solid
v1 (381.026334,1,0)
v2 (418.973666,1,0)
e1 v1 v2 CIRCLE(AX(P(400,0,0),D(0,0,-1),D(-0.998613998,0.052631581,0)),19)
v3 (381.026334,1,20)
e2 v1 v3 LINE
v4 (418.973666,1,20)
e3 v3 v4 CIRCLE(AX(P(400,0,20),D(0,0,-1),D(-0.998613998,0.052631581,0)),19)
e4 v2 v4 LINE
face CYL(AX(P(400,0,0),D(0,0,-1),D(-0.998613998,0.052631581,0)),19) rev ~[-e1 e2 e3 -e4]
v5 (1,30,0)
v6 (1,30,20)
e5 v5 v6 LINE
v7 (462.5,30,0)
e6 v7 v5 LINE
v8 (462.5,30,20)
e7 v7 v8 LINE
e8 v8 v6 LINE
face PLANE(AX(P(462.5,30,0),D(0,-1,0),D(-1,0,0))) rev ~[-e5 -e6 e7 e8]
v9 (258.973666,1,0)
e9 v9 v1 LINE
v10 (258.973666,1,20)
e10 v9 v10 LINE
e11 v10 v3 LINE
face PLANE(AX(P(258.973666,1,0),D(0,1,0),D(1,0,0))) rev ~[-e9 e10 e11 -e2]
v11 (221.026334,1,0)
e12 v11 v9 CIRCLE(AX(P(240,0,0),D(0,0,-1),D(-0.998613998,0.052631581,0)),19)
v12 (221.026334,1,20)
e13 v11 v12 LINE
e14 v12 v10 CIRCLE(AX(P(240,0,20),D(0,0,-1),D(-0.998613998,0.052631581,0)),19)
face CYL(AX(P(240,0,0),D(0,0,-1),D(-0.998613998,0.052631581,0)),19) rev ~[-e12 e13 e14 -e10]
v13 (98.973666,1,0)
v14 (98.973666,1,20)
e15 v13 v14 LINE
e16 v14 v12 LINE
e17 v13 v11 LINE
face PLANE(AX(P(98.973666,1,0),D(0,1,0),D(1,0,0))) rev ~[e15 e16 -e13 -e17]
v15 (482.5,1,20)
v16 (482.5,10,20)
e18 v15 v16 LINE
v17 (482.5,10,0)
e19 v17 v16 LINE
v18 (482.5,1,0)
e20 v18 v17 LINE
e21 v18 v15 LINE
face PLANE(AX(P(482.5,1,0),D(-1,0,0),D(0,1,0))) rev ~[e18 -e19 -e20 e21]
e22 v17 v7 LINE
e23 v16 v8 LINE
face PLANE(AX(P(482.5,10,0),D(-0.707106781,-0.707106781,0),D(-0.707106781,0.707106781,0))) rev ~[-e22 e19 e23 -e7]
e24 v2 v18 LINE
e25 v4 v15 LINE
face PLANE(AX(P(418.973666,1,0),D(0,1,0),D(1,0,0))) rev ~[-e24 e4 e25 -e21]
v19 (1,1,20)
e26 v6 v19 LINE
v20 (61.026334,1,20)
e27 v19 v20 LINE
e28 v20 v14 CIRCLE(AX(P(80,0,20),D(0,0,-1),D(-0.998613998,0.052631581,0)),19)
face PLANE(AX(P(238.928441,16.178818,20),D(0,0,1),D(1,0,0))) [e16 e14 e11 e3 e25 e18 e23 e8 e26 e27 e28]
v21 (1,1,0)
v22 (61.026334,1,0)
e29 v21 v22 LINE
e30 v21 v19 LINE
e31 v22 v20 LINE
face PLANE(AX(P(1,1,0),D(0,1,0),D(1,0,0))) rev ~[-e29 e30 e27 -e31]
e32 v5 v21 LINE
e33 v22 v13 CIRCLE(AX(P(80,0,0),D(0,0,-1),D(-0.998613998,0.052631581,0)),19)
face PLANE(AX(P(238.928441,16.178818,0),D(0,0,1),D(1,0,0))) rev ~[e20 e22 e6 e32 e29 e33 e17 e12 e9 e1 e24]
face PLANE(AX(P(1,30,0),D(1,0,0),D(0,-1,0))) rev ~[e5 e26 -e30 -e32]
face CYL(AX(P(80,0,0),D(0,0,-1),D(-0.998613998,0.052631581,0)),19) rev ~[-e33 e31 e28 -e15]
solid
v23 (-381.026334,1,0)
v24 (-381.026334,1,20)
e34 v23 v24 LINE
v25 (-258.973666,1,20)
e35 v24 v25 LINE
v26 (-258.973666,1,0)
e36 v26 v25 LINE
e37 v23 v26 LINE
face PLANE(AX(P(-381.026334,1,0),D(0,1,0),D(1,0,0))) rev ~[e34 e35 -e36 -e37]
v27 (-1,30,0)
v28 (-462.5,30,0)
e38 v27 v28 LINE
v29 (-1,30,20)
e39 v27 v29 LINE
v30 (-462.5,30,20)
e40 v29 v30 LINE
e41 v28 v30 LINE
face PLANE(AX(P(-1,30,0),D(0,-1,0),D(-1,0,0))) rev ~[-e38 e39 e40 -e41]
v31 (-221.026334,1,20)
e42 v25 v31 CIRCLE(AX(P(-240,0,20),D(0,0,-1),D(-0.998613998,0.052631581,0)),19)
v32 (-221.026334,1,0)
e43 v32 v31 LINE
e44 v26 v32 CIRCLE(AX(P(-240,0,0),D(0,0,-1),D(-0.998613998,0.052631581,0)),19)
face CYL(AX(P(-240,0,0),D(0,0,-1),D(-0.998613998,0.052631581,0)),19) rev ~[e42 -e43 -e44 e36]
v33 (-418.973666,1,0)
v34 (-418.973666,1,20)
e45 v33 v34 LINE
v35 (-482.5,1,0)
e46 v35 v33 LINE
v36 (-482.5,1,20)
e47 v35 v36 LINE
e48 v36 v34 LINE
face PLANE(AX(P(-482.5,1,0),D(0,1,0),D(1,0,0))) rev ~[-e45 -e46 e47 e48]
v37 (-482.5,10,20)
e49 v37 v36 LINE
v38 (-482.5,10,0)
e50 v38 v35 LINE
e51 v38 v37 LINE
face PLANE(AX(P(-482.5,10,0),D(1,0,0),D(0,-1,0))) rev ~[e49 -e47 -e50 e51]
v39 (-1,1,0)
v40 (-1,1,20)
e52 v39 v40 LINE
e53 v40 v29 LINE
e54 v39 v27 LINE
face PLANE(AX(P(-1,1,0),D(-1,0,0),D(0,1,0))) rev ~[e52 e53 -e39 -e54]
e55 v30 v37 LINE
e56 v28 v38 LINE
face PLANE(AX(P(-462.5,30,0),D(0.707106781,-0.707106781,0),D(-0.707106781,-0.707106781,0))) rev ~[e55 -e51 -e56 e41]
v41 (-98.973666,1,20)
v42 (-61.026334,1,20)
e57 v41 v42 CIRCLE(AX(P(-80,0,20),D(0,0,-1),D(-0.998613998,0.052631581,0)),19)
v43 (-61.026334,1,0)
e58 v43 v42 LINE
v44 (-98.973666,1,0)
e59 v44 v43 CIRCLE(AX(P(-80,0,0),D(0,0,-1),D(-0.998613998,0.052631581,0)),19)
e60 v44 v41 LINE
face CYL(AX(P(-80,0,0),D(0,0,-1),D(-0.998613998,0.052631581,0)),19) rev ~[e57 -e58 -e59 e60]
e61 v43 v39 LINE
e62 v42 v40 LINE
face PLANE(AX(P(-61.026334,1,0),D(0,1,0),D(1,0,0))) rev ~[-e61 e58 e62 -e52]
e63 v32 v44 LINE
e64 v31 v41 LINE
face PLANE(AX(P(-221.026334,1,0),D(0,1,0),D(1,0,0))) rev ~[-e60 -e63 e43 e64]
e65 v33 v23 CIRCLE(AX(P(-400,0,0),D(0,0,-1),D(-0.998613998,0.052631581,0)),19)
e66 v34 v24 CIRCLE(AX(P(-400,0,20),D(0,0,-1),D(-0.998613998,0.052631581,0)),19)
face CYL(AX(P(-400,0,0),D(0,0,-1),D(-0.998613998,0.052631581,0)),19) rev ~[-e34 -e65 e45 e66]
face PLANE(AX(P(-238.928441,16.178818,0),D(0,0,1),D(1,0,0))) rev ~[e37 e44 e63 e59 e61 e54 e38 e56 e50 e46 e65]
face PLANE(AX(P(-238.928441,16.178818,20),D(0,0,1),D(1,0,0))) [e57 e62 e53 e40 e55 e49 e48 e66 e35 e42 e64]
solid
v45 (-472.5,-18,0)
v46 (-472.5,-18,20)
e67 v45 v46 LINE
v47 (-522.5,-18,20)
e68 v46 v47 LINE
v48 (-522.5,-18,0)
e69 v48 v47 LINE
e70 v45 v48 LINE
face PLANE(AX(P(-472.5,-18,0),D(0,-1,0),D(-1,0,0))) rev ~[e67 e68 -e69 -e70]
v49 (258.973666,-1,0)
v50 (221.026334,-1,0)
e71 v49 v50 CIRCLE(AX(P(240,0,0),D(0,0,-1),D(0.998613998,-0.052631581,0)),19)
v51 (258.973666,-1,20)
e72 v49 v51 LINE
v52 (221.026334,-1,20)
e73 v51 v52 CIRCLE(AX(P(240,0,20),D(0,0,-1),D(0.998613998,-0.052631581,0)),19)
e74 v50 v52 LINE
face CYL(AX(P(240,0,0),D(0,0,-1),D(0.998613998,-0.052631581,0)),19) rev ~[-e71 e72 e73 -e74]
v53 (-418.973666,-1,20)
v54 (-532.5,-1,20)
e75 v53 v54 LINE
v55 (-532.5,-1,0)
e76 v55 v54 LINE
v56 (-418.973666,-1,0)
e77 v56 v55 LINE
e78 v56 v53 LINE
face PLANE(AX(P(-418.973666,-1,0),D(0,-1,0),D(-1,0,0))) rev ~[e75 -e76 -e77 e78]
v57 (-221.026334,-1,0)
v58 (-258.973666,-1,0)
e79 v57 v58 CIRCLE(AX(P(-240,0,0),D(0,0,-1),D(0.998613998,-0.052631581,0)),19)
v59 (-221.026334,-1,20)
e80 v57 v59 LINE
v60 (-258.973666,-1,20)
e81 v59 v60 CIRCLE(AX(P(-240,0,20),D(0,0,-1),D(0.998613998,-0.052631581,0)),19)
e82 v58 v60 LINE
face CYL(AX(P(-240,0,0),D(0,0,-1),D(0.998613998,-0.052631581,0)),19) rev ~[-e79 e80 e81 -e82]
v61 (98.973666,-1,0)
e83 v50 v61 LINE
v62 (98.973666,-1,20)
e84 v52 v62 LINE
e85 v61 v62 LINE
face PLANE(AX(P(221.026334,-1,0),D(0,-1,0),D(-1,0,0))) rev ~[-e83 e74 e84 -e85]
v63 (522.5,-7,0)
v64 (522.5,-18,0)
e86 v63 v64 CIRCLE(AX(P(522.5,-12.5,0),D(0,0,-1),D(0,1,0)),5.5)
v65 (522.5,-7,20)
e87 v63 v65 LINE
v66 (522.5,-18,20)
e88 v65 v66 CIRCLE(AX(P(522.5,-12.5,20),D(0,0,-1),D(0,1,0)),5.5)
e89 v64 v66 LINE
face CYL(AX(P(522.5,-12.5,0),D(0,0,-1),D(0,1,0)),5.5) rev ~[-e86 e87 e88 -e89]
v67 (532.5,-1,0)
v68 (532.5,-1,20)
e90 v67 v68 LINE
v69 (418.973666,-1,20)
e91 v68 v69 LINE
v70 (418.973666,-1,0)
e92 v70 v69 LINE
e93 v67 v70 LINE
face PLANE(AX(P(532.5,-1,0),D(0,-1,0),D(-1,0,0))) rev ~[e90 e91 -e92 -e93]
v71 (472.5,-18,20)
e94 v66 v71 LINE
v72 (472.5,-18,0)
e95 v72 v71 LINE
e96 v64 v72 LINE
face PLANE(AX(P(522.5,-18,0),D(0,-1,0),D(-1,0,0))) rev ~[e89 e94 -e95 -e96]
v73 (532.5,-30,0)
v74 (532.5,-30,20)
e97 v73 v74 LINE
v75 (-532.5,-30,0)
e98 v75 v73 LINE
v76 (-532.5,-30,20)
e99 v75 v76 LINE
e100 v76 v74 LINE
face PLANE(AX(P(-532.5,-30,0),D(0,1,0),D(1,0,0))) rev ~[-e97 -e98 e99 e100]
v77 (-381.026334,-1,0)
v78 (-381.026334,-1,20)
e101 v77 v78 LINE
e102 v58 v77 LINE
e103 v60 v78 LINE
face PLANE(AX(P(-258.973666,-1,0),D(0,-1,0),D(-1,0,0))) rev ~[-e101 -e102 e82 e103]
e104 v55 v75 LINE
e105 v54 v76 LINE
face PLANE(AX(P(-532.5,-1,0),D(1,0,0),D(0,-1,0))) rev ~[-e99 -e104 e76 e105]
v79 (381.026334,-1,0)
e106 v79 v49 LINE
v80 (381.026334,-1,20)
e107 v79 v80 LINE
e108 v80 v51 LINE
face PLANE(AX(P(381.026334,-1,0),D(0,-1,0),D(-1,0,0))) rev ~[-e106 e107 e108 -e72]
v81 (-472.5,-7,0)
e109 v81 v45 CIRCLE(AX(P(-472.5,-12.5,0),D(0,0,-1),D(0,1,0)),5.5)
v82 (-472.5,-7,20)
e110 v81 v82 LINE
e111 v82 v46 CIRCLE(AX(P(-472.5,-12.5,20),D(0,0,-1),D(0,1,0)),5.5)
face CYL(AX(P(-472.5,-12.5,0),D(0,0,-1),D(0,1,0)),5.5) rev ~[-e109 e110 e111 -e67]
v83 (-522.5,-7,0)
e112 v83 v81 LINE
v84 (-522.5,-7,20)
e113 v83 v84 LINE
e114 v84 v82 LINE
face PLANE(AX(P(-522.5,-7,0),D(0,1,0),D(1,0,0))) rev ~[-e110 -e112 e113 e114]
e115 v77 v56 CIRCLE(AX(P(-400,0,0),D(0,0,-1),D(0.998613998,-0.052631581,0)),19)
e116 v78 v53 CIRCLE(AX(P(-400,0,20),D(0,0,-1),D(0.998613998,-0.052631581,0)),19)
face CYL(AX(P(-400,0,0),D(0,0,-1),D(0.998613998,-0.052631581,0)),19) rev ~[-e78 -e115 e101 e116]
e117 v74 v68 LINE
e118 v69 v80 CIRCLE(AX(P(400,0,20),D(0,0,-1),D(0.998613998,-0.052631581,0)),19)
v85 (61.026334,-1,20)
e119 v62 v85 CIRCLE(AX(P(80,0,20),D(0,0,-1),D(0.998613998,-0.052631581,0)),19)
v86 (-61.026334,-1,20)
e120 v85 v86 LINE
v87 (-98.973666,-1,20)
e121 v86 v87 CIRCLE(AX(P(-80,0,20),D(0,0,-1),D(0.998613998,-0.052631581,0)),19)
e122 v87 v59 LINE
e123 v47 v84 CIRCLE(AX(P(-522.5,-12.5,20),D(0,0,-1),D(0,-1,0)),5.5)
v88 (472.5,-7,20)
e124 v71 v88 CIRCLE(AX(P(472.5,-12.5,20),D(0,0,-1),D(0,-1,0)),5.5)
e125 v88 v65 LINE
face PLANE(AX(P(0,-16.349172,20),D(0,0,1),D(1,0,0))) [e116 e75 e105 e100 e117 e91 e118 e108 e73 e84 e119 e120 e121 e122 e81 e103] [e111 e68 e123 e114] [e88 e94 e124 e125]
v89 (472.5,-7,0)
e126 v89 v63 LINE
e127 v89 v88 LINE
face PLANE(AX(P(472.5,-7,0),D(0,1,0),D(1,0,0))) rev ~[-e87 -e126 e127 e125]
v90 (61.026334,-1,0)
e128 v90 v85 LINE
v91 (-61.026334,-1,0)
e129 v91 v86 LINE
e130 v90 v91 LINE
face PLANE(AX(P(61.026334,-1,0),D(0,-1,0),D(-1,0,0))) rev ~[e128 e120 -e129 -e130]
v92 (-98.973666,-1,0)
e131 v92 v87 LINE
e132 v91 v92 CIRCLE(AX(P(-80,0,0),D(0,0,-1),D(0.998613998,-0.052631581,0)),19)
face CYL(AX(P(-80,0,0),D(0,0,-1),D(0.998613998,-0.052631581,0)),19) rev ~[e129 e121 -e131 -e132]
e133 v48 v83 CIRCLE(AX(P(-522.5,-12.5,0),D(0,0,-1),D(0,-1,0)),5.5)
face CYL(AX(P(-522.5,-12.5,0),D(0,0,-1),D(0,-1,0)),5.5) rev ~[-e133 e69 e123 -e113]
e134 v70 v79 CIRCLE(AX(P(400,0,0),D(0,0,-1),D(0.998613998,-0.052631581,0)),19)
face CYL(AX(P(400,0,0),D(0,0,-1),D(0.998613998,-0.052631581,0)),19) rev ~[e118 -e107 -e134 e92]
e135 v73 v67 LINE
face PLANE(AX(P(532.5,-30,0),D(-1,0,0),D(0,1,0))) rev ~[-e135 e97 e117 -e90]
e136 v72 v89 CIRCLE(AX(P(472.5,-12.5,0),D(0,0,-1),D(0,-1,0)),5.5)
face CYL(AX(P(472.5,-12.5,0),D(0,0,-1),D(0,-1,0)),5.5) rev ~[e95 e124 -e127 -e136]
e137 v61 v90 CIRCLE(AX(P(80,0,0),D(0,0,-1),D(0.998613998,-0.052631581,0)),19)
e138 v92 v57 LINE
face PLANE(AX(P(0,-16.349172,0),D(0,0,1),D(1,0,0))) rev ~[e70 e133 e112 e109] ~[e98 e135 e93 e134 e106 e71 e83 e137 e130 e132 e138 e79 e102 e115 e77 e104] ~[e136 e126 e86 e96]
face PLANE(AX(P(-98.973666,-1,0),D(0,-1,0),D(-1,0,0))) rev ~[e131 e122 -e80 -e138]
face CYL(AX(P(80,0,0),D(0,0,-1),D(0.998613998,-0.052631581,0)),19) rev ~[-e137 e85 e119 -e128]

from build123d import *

# Parameters (mm, degrees)
F1_DEPTH = 20


with BuildPart() as f1:
    # F0 (on Top) → F1 (new body)
    with BuildSketch(Plane.XY):
        with BuildLine():
            Line((482.5, 10), (462.5, 30))
            Line((462.5, 30), (1, 30))
            Line((1, 30), (1, 1))
            Line((1, 1), (61.026334, 1))
            ThreePointArc((61.026334, 1), (80, 19), (98.973666, 1))
            Line((98.973666, 1), (221.026334, 1))
            ThreePointArc((221.026334, 1), (240, 19), (258.973666, 1))
            Line((258.973666, 1), (381.026334, 1))
            ThreePointArc((381.026334, 1), (400, 19), (418.973666, 1))
            Line((418.973666, 1), (482.5, 1))
            Line((482.5, 1), (482.5, 10))
        make_face()
        with BuildLine():
            Line((-532.5, -30), (532.5, -30))
            Line((532.5, -30), (532.5, -1))
            Line((532.5, -1), (418.973666, -1))
            ThreePointArc((418.973666, -1), (400, -19), (381.026334, -1))
            Line((381.026334, -1), (258.973666, -1))
            ThreePointArc((258.973666, -1), (240, -19), (221.026334, -1))
            Line((221.026334, -1), (98.973666, -1))
            ThreePointArc((98.973666, -1), (80, -19), (61.026334, -1))
            Line((61.026334, -1), (-61.026334, -1))
            ThreePointArc((-61.026334, -1), (-80, -19), (-98.973666, -1))
            Line((-98.973666, -1), (-221.026334, -1))
            ThreePointArc((-221.026334, -1), (-240, -19), (-258.973666, -1))
            Line((-258.973666, -1), (-381.026334, -1))
            ThreePointArc((-381.026334, -1), (-400, -19), (-418.973666, -1))
            Line((-418.973666, -1), (-532.5, -1))
            Line((-532.5, -1), (-532.5, -30))
        make_face()
        with BuildLine():
            ThreePointArc((-522.5, -18), (-528, -12.5), (-522.5, -7))
            Line((-522.5, -7), (-472.5, -7))
            ThreePointArc((-472.5, -7), (-467, -12.5), (-472.5, -18))
            Line((-472.5, -18), (-522.5, -18))
        make_face(mode=Mode.SUBTRACT)
        with BuildLine():
            ThreePointArc((522.5, -7), (528, -12.5), (522.5, -18))
            Line((522.5, -18), (472.5, -18))
            ThreePointArc((472.5, -18), (467, -12.5), (472.5, -7))
            Line((472.5, -7), (522.5, -7))
        make_face(mode=Mode.SUBTRACT)
        with BuildLine():
            Line((-61.026334, 1), (-1, 1))
            Line((-1, 1), (-1, 30))
            Line((-1, 30), (-462.5, 30))
            Line((-462.5, 30), (-482.5, 10))
            Line((-482.5, 10), (-482.5, 1))
            Line((-482.5, 1), (-418.973666, 1))
            ThreePointArc((-418.973666, 1), (-400, 19), (-381.026334, 1))
            Line((-381.026334, 1), (-258.973666, 1))
            ThreePointArc((-258.973666, 1), (-240, 19), (-221.026334, 1))
            Line((-221.026334, 1), (-98.973666, 1))
            ThreePointArc((-98.973666, 1), (-80, 19), (-61.026334, 1))
        make_face()
    extrude(amount=F1_DEPTH)


solid = f1.part
